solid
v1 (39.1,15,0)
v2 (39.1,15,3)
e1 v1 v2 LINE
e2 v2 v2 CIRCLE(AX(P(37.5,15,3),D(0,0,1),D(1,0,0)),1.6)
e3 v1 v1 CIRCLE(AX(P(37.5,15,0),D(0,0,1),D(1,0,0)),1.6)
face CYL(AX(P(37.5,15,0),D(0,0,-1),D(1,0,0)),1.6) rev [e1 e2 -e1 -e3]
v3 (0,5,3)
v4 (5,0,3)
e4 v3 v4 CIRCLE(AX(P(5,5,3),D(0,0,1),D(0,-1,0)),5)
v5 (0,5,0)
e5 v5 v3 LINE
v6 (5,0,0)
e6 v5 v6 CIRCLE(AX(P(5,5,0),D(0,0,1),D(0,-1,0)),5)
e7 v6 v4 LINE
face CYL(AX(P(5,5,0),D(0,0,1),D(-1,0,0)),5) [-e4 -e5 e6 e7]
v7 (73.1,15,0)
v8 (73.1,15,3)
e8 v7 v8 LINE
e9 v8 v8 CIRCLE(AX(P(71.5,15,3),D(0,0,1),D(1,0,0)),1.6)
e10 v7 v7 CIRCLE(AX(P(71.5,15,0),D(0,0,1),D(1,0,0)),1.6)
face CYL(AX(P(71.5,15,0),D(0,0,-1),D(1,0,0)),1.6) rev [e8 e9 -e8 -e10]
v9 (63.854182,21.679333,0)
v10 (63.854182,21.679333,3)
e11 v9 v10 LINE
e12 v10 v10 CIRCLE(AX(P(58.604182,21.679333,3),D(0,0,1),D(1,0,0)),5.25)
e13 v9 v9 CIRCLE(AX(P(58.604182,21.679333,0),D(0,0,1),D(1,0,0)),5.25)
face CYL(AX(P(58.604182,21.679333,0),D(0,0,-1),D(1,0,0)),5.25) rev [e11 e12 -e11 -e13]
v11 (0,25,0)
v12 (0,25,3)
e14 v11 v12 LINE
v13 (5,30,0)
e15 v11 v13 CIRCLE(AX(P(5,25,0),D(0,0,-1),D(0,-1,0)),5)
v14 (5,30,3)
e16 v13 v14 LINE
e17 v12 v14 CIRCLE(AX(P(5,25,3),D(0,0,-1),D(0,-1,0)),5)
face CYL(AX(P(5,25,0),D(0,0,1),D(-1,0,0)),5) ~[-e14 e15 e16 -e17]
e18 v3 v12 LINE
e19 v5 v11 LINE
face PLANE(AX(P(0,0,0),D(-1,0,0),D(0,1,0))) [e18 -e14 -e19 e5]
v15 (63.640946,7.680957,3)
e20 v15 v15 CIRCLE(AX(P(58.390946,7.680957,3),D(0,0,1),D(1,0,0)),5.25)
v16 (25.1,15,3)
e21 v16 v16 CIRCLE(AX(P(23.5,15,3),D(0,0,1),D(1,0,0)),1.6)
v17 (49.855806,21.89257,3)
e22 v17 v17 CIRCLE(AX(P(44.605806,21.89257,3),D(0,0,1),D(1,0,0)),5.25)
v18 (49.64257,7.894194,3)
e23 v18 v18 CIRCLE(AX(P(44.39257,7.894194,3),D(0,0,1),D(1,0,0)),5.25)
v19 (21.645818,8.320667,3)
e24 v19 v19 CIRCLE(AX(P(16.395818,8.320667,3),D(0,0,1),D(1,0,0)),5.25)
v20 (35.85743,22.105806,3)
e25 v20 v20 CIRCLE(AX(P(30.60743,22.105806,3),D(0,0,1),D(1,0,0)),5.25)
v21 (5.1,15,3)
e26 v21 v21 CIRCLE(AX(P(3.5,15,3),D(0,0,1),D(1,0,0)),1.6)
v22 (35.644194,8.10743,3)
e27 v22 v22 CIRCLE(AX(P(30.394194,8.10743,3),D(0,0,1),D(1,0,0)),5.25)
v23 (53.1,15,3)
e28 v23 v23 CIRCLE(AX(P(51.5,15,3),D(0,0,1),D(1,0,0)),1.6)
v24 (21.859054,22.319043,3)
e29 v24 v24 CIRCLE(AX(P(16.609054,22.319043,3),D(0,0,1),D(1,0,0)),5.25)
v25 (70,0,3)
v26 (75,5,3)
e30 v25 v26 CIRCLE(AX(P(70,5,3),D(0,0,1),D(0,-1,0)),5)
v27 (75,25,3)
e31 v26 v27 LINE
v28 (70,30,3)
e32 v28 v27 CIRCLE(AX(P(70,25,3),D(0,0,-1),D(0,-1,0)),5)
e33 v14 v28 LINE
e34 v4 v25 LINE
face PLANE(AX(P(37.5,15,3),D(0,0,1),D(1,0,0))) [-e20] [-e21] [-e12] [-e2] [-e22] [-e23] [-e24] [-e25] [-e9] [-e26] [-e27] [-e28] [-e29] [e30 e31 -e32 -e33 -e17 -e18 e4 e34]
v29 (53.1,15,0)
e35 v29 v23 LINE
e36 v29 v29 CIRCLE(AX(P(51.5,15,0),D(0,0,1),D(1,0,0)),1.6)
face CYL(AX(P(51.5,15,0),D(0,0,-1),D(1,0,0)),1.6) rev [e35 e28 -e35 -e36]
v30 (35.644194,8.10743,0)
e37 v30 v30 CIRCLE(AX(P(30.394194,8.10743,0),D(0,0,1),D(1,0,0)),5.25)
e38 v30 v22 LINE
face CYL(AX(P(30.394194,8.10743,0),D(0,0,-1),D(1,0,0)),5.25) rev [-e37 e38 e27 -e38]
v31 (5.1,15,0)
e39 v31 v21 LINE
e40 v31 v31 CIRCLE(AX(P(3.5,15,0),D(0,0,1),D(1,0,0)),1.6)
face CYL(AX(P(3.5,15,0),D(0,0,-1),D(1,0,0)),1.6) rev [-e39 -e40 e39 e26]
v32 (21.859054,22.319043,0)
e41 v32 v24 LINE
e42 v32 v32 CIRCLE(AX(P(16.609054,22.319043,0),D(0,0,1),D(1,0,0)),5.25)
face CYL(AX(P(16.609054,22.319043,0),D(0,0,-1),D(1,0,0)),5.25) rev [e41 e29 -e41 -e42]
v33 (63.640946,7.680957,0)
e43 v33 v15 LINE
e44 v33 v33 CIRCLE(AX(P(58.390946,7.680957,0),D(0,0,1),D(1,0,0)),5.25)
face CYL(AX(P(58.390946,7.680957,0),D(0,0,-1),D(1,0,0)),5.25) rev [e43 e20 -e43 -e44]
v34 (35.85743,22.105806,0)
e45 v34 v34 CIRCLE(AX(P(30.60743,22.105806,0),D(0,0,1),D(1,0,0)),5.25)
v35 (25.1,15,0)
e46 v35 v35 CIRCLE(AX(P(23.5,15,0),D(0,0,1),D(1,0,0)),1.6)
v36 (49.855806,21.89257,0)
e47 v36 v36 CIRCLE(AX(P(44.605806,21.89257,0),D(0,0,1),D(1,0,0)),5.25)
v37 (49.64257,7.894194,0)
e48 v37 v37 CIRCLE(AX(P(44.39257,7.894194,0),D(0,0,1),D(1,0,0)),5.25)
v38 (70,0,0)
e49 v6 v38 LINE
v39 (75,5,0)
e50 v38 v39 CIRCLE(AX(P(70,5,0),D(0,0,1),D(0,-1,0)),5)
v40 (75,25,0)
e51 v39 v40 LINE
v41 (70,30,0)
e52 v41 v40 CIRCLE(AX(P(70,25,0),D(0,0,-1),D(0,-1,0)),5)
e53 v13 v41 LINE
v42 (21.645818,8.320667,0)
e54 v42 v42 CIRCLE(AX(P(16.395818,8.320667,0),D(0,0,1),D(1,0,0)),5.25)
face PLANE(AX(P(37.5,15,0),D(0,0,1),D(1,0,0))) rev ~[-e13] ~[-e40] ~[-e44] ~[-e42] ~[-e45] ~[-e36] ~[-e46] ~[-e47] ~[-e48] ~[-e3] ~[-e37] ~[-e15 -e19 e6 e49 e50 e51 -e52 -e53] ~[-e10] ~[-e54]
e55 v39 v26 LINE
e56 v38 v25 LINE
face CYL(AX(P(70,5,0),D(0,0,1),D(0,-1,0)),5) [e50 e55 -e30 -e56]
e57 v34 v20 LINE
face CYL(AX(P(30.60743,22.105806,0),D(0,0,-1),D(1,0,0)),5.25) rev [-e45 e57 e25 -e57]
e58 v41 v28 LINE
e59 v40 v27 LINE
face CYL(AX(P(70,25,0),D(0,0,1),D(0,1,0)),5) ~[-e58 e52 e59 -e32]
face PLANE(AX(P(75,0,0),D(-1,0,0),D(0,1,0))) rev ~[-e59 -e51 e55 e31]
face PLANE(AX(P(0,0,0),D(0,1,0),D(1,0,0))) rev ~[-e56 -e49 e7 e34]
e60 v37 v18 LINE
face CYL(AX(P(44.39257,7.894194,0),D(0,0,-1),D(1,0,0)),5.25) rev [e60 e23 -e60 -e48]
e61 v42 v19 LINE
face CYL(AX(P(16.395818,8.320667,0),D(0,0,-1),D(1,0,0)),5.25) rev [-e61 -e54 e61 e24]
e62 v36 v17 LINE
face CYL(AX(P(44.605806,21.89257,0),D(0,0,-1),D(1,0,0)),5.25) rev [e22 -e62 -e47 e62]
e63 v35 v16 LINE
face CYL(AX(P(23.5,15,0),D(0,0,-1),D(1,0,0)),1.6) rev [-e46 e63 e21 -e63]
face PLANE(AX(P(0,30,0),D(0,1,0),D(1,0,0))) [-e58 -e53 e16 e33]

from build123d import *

# Parameters (mm, degrees)
SKETCH_W   = 75
SKETCH_H   = 30
SKETCH_R   = 5.25
SKETCH_R_2 = 1.6
PAD_DEPTH  = 3
FILLET_R   = 5


with BuildPart() as part:
    # Sketch → Pad (new body)
    with BuildSketch(Plane.XY):
        with Locations((37.5, 15)):
            Rectangle(SKETCH_W, SKETCH_H)
        with Locations((16.609054, 22.319043)):
            Circle(SKETCH_R, mode=Mode.SUBTRACT)
        with Locations((37.5, 15)):
            Circle(SKETCH_R_2, mode=Mode.SUBTRACT)
        with Locations((3.5, 15)):
            Circle(SKETCH_R_2, mode=Mode.SUBTRACT)
        with Locations((71.5, 15)):
            Circle(SKETCH_R_2, mode=Mode.SUBTRACT)
        with Locations((23.5, 15)):
            Circle(SKETCH_R_2, mode=Mode.SUBTRACT)
        with Locations((51.5, 15)):
            Circle(SKETCH_R_2, mode=Mode.SUBTRACT)
        with Locations((30.60743, 22.105806)):
            Circle(SKETCH_R, mode=Mode.SUBTRACT)
        with Locations((44.605806, 21.89257)):
            Circle(SKETCH_R, mode=Mode.SUBTRACT)
        with Locations((58.604182, 21.679333)):
            Circle(SKETCH_R, mode=Mode.SUBTRACT)
        with Locations((16.395818, 8.320667)):
            Circle(SKETCH_R, mode=Mode.SUBTRACT)
        with Locations((30.394194, 8.10743)):
            Circle(SKETCH_R, mode=Mode.SUBTRACT)
        with Locations((44.39257, 7.894194)):
            Circle(SKETCH_R, mode=Mode.SUBTRACT)
        with Locations((58.390946, 7.680957)):
            Circle(SKETCH_R, mode=Mode.SUBTRACT)
    extrude(amount=PAD_DEPTH)

    # Fillet
    fillet_edges = [part.edges().sort_by_distance(p)[0] for p in [
        (0, 0, 1.5),
        (75, 0, 1.5),
        (75, 30, 1.5),
        (0, 30, 1.5),
    ]]
    fillet(fillet_edges, radius=FILLET_R)


solid = part.part
